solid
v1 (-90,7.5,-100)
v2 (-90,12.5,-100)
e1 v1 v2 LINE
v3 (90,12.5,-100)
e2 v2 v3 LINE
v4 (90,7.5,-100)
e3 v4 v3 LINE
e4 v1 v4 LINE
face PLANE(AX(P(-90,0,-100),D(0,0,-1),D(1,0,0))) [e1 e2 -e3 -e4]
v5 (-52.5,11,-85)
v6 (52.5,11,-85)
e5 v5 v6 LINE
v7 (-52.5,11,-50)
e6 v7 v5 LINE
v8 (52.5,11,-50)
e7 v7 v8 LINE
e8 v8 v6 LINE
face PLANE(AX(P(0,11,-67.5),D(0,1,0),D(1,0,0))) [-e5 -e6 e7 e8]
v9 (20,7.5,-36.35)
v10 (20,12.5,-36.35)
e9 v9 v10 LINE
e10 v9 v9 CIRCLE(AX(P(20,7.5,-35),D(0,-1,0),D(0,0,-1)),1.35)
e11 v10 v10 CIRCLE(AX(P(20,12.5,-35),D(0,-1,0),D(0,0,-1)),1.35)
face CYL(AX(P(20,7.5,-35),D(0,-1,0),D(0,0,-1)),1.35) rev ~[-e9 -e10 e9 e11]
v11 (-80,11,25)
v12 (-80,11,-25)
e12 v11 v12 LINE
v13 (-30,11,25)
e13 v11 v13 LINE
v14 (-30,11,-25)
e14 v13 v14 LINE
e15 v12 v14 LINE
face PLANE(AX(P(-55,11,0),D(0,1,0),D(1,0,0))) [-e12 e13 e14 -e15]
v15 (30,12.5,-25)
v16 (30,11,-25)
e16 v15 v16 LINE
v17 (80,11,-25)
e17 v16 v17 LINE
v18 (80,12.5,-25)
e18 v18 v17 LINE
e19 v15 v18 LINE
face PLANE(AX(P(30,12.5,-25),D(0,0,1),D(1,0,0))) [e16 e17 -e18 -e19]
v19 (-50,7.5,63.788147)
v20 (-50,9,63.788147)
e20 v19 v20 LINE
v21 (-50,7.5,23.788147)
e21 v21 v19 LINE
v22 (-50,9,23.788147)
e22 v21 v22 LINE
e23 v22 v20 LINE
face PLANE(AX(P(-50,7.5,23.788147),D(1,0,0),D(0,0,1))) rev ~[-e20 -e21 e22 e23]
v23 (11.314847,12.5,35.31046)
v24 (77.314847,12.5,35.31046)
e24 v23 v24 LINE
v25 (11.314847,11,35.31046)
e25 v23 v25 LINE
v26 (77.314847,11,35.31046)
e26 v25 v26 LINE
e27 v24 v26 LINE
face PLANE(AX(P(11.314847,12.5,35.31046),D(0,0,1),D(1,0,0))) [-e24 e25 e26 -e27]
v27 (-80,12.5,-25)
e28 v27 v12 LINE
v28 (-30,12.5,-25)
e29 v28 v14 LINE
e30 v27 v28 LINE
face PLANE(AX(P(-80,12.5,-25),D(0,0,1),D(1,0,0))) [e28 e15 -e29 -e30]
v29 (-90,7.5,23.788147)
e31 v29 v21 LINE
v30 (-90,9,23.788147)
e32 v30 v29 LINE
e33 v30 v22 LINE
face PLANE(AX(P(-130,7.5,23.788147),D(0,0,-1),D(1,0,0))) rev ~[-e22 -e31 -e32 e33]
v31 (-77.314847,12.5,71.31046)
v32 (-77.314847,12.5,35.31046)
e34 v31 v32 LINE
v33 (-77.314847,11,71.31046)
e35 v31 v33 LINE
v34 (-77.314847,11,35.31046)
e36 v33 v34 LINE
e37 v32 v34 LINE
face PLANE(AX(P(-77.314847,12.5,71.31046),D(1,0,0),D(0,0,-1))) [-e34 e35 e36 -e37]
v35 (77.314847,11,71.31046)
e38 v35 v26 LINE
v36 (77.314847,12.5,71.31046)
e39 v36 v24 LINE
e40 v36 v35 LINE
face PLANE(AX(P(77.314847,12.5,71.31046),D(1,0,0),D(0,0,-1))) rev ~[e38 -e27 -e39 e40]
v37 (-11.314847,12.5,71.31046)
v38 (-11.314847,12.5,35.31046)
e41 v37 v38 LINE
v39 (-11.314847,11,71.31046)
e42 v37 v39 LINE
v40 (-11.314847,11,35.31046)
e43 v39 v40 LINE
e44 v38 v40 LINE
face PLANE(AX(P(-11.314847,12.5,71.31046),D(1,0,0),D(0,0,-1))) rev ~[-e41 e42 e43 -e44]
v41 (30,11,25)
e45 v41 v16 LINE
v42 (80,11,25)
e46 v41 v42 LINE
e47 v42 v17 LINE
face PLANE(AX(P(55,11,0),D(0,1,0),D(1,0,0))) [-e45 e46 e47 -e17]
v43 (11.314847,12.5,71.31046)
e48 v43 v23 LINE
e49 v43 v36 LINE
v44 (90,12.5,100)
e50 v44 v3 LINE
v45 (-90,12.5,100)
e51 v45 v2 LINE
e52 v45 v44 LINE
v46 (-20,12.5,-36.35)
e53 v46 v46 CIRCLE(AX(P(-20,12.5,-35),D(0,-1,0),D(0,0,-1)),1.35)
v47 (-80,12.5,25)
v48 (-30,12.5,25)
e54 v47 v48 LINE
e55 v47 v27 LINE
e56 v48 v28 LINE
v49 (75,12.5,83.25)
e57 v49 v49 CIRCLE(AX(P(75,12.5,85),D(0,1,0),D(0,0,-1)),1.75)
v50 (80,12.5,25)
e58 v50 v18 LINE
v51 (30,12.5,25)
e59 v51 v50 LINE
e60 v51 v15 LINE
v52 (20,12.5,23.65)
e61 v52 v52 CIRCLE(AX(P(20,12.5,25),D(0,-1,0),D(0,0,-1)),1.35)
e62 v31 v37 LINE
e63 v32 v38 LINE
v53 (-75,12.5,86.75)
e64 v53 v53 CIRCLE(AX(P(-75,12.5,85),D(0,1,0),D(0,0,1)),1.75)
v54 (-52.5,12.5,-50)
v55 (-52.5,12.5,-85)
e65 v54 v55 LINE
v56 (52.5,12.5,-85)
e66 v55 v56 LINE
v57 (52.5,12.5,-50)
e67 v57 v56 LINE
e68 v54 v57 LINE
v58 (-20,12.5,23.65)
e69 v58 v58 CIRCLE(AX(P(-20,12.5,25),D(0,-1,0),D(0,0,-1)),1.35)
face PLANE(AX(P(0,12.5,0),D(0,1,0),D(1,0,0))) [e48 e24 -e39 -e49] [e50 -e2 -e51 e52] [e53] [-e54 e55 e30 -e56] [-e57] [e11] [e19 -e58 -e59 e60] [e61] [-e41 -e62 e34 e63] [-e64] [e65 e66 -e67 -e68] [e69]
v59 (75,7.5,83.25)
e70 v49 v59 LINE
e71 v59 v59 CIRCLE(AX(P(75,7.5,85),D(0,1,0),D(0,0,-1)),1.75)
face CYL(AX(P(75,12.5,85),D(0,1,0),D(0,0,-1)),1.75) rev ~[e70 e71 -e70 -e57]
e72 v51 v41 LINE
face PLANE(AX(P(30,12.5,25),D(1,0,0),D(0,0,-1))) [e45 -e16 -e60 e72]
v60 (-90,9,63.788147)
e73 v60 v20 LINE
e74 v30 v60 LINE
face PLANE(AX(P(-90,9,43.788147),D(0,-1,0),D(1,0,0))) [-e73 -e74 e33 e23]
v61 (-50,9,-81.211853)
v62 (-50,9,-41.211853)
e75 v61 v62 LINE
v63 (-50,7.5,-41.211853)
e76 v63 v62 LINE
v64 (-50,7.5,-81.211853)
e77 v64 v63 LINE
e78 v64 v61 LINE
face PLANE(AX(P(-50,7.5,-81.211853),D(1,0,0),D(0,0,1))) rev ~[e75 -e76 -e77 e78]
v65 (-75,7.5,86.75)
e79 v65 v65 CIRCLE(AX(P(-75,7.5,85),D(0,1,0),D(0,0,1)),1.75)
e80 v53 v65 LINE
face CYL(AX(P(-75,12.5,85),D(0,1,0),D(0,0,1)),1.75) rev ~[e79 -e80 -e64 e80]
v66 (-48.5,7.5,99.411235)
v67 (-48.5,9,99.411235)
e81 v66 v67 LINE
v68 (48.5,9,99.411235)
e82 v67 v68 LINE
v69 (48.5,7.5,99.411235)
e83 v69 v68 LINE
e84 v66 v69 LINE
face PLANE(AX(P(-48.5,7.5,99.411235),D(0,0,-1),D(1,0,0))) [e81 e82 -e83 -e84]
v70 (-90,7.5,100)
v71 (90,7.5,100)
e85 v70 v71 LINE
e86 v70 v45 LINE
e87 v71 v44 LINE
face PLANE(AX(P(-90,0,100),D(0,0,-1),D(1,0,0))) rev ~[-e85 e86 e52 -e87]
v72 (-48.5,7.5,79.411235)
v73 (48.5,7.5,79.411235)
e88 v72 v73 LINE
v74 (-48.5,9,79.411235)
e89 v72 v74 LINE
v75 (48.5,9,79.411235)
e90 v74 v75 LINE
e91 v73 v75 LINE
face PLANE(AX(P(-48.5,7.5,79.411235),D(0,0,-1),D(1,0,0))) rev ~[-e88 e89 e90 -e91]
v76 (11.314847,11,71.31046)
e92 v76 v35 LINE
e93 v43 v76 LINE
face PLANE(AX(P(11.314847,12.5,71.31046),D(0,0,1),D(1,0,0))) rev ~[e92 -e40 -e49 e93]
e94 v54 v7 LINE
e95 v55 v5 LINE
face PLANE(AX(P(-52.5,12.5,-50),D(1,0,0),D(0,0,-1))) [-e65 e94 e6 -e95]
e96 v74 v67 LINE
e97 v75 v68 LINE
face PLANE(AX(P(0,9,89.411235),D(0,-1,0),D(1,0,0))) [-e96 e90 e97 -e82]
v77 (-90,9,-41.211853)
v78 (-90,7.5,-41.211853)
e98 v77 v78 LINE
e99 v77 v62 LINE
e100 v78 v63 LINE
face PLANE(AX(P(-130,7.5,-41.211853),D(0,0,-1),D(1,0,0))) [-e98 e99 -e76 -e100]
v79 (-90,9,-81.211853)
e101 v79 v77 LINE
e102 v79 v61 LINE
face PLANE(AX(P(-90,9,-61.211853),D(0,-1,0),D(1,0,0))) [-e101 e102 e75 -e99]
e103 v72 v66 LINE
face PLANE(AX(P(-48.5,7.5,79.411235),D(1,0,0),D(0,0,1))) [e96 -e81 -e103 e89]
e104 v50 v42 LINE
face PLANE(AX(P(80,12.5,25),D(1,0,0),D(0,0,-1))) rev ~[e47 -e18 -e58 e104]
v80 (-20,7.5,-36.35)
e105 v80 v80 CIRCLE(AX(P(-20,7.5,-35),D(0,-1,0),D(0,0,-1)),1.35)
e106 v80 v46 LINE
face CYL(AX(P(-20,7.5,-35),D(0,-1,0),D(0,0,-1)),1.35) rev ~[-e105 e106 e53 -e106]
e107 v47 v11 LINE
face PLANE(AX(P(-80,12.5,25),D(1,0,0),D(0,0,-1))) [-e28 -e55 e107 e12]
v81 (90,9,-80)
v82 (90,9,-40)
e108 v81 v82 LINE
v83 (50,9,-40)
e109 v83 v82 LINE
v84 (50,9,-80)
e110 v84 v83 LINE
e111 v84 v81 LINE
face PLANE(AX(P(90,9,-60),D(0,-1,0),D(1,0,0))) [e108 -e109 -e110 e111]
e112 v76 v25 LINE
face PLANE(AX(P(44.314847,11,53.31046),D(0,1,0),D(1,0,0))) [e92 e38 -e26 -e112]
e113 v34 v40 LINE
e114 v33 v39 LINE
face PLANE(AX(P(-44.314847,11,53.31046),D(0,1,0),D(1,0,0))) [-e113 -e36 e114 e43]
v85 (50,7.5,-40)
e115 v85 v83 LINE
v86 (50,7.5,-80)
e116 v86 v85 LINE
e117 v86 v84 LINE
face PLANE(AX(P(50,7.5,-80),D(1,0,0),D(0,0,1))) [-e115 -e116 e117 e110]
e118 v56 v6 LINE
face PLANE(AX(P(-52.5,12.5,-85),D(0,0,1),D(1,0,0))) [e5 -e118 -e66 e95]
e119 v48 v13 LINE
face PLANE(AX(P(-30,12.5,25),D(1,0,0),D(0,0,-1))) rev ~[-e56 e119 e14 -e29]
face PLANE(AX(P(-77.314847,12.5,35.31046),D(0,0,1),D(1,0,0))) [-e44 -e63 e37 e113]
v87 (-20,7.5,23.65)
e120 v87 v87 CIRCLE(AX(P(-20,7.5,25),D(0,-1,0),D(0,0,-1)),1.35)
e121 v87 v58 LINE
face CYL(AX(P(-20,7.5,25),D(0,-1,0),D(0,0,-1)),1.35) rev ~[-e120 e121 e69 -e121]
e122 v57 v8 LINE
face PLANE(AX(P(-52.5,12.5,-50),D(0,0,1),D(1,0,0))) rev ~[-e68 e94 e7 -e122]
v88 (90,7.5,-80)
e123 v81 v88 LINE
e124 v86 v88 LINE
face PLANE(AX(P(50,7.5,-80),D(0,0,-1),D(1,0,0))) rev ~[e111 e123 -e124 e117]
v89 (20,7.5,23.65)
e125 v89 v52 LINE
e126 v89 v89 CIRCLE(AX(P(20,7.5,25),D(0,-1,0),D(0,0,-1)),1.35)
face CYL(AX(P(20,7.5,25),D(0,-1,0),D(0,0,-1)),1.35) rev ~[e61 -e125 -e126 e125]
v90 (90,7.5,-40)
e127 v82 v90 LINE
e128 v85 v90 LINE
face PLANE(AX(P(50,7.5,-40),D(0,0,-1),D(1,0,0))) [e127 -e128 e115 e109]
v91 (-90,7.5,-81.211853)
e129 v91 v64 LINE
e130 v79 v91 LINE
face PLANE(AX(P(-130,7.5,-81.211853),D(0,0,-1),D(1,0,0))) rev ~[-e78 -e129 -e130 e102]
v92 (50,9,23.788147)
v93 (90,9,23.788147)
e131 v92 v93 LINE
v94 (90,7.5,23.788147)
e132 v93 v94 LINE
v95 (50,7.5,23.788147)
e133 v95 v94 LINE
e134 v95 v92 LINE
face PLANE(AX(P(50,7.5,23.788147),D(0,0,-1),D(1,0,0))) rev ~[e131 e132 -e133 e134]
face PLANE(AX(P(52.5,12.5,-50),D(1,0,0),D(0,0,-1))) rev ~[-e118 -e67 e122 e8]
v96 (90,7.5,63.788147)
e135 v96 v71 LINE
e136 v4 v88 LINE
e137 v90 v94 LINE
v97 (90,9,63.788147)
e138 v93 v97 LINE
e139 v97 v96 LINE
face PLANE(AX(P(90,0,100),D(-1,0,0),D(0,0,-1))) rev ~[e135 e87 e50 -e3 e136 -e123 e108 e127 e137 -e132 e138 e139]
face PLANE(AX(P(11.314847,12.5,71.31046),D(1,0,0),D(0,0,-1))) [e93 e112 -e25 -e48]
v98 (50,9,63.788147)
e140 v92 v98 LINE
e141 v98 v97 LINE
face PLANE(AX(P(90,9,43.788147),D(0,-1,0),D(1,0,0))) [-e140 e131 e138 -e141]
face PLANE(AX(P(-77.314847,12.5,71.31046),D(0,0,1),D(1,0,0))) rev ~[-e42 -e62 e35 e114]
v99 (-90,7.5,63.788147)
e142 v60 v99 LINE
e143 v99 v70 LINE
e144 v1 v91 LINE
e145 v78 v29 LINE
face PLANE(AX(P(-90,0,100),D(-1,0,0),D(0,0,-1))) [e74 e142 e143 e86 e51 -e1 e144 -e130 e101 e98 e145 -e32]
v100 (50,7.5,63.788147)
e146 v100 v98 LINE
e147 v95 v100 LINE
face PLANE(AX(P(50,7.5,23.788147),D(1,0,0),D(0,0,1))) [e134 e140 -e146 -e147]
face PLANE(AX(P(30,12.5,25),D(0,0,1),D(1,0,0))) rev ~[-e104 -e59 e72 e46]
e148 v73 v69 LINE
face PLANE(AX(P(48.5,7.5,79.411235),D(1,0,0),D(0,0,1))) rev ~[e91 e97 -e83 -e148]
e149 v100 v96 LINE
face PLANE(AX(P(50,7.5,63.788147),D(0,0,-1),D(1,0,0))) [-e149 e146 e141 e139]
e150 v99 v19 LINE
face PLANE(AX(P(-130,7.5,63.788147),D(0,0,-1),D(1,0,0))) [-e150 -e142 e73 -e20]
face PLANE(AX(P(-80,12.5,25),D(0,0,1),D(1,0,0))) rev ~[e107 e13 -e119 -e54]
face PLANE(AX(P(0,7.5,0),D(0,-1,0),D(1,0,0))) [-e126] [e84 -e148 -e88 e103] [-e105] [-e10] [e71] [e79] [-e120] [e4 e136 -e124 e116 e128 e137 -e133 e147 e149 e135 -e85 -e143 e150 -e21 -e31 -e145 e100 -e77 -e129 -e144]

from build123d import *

# Parameters (mm, degrees)
SKETCH1_W           = 180
SKETCH1_H           = 200
BOSS_EXTRUDE1_DEPTH = 12.5
SKETCH2_W           = 85
SKETCH2_H           = 55
CUT_EXTRUDE1_DEPTH  = 1.5
SKETCH3_W           = 105
SKETCH3_H           = 35
CUT_EXTRUDE2_DEPTH  = 1.5
SKETCH4_W           = 180
SKETCH4_H           = 200
CUT_EXTRUDE3_DEPTH  = 4.5
SKETCH5_W           = 180
SKETCH5_H           = 200
CUT_EXTRUDE4_DEPTH  = 3
SKETCH7_W           = 85
SKETCH7_H           = 55
BOSS_EXTRUDE2_DEPTH = 1.5
SKETCH8_W           = 50
SKETCH8_H           = 50
CUT_EXTRUDE5_DEPTH  = 1.5
SKETCH9_W           = 66
SKETCH9_H           = 36
CUT_EXTRUDE6_DEPTH  = 1.5
SKETCH11_W          = 80
SKETCH11_H          = 40
SKETCH11_W_2        = 97
SKETCH11_H_2        = 20
CUT_EXTRUDE9_DEPTH  = 1.5
SKETCH15_R          = 1.35
CUT_EXTRUDE11_DEPTH = 135.629120178
SKETCH16_R          = 1.75
CUT_EXTRUDE12_DEPTH = 5


with BuildPart() as part:
    # Sketch1 → Boss-Extrude1 (new body)
    with BuildSketch(Plane(origin=(0, 0, 0), x_dir=(1, 0, 0), z_dir=(0, 1, 0))):
        Rectangle(SKETCH1_W, SKETCH1_H)
    extrude(amount=BOSS_EXTRUDE1_DEPTH)

    # Sketch2 → Cut-Extrude1 (cut)
    with BuildSketch(Plane(origin=(0, 12.5, 0), x_dir=(1, 0, 0), z_dir=(0, 1, 0))):
        Rectangle(SKETCH2_W, SKETCH2_H)
    extrude(amount=-CUT_EXTRUDE1_DEPTH, mode=Mode.SUBTRACT)

    # Sketch3 → Cut-Extrude2 (cut)
    with BuildSketch(Plane(origin=(0, 12.5, 0), x_dir=(1, 0, 0), z_dir=(0, 1, 0))):
        with Locations((0, 67.5)):
            Rectangle(SKETCH3_W, SKETCH3_H)
    extrude(amount=-CUT_EXTRUDE2_DEPTH, mode=Mode.SUBTRACT)

    # Sketch4 → Cut-Extrude3 (cut)
    with BuildSketch(Plane.XZ):
        Rectangle(SKETCH4_W, SKETCH4_H)
    extrude(amount=-CUT_EXTRUDE3_DEPTH, mode=Mode.SUBTRACT)

    # Sketch5 → Cut-Extrude4 (cut)
    with BuildSketch(Plane.XZ.offset(-4.5)):
        Rectangle(SKETCH5_W, SKETCH5_H)
    extrude(amount=-CUT_EXTRUDE4_DEPTH, mode=Mode.SUBTRACT)

    # Sketch7 → Boss-Extrude2 (add)
    with BuildSketch(Plane(origin=(0, 11, 0), x_dir=(1, 0, 0), z_dir=(0, 1, 0))):
        Rectangle(SKETCH7_W, SKETCH7_H)
    extrude(amount=BOSS_EXTRUDE2_DEPTH)

    # Sketch8 → Cut-Extrude5 (cut)
    with BuildSketch(Plane(origin=(0, 12.5, 0), x_dir=(1, 0, 0), z_dir=(0, 1, 0))):
        with Locations((55, 0)):
            Rectangle(SKETCH8_W, SKETCH8_H)
        with Locations((-55, 0)):
            Rectangle(SKETCH8_W, SKETCH8_H)
    extrude(amount=-CUT_EXTRUDE5_DEPTH, mode=Mode.SUBTRACT)

    # Sketch9 → Cut-Extrude6 (cut)
    with BuildSketch(Plane(origin=(0, 12.5, 0), x_dir=(1, 0, 0), z_dir=(0, 1, 0))):
        with Locations((44.314846592, -53.31046024)):
            Rectangle(SKETCH9_W, SKETCH9_H)
        with Locations((-44.314846592, -53.31046024)):
            Rectangle(SKETCH9_W, SKETCH9_H)
    extrude(amount=-CUT_EXTRUDE6_DEPTH, mode=Mode.SUBTRACT)

    # Sketch11 → Cut-Extrude9 (cut)
    with BuildSketch(Plane.XZ.offset(-7.5)):
        with Locations((-90, 43.788146999)):
            Rectangle(SKETCH11_W, SKETCH11_H)
        with Locations((-90, -61.211853001)):
            Rectangle(SKETCH11_W, SKETCH11_H)
        with Locations((90, -60)):
            Rectangle(SKETCH11_W, SKETCH11_H)
        with Locations((0, 89.411235459)):
            Rectangle(SKETCH11_W_2, SKETCH11_H_2)
        with Locations((90, 43.788146999)):
            Rectangle(SKETCH11_W, SKETCH11_H)
    extrude(amount=-CUT_EXTRUDE9_DEPTH, mode=Mode.SUBTRACT)

    # Sketch15 → Cut-Extrude11 (cut, through all)
    with BuildSketch(Plane.XZ.offset(-7.5)):
        with Locations(Location((-20, 25, 0), (0, 0, 270))):
            Circle(SKETCH15_R)
        with Locations(Location((20, 25, 0), (0, 0, 270))):
            Circle(SKETCH15_R)
        with Locations(Location((-20, -35, 0), (0, 0, 270))):
            Circle(SKETCH15_R)
        with Locations(Location((20, -35, 0), (0, 0, 270))):
            Circle(SKETCH15_R)
    extrude(amount=-CUT_EXTRUDE11_DEPTH, mode=Mode.SUBTRACT)

    # Sketch16 → Cut-Extrude12 (cut)
    with BuildSketch(Plane(origin=(0, 12.5, 0), x_dir=(1, 0, 0), z_dir=(0, 1, 0))):
        with Locations(Location((-75, -85, 0), (0, 0, 270))):
            Circle(SKETCH16_R)
        with Locations(Location((75, -85, 0), (0, 0, 90))):
            Circle(SKETCH16_R)
    extrude(amount=-CUT_EXTRUDE12_DEPTH, mode=Mode.SUBTRACT)


solid = part.part
